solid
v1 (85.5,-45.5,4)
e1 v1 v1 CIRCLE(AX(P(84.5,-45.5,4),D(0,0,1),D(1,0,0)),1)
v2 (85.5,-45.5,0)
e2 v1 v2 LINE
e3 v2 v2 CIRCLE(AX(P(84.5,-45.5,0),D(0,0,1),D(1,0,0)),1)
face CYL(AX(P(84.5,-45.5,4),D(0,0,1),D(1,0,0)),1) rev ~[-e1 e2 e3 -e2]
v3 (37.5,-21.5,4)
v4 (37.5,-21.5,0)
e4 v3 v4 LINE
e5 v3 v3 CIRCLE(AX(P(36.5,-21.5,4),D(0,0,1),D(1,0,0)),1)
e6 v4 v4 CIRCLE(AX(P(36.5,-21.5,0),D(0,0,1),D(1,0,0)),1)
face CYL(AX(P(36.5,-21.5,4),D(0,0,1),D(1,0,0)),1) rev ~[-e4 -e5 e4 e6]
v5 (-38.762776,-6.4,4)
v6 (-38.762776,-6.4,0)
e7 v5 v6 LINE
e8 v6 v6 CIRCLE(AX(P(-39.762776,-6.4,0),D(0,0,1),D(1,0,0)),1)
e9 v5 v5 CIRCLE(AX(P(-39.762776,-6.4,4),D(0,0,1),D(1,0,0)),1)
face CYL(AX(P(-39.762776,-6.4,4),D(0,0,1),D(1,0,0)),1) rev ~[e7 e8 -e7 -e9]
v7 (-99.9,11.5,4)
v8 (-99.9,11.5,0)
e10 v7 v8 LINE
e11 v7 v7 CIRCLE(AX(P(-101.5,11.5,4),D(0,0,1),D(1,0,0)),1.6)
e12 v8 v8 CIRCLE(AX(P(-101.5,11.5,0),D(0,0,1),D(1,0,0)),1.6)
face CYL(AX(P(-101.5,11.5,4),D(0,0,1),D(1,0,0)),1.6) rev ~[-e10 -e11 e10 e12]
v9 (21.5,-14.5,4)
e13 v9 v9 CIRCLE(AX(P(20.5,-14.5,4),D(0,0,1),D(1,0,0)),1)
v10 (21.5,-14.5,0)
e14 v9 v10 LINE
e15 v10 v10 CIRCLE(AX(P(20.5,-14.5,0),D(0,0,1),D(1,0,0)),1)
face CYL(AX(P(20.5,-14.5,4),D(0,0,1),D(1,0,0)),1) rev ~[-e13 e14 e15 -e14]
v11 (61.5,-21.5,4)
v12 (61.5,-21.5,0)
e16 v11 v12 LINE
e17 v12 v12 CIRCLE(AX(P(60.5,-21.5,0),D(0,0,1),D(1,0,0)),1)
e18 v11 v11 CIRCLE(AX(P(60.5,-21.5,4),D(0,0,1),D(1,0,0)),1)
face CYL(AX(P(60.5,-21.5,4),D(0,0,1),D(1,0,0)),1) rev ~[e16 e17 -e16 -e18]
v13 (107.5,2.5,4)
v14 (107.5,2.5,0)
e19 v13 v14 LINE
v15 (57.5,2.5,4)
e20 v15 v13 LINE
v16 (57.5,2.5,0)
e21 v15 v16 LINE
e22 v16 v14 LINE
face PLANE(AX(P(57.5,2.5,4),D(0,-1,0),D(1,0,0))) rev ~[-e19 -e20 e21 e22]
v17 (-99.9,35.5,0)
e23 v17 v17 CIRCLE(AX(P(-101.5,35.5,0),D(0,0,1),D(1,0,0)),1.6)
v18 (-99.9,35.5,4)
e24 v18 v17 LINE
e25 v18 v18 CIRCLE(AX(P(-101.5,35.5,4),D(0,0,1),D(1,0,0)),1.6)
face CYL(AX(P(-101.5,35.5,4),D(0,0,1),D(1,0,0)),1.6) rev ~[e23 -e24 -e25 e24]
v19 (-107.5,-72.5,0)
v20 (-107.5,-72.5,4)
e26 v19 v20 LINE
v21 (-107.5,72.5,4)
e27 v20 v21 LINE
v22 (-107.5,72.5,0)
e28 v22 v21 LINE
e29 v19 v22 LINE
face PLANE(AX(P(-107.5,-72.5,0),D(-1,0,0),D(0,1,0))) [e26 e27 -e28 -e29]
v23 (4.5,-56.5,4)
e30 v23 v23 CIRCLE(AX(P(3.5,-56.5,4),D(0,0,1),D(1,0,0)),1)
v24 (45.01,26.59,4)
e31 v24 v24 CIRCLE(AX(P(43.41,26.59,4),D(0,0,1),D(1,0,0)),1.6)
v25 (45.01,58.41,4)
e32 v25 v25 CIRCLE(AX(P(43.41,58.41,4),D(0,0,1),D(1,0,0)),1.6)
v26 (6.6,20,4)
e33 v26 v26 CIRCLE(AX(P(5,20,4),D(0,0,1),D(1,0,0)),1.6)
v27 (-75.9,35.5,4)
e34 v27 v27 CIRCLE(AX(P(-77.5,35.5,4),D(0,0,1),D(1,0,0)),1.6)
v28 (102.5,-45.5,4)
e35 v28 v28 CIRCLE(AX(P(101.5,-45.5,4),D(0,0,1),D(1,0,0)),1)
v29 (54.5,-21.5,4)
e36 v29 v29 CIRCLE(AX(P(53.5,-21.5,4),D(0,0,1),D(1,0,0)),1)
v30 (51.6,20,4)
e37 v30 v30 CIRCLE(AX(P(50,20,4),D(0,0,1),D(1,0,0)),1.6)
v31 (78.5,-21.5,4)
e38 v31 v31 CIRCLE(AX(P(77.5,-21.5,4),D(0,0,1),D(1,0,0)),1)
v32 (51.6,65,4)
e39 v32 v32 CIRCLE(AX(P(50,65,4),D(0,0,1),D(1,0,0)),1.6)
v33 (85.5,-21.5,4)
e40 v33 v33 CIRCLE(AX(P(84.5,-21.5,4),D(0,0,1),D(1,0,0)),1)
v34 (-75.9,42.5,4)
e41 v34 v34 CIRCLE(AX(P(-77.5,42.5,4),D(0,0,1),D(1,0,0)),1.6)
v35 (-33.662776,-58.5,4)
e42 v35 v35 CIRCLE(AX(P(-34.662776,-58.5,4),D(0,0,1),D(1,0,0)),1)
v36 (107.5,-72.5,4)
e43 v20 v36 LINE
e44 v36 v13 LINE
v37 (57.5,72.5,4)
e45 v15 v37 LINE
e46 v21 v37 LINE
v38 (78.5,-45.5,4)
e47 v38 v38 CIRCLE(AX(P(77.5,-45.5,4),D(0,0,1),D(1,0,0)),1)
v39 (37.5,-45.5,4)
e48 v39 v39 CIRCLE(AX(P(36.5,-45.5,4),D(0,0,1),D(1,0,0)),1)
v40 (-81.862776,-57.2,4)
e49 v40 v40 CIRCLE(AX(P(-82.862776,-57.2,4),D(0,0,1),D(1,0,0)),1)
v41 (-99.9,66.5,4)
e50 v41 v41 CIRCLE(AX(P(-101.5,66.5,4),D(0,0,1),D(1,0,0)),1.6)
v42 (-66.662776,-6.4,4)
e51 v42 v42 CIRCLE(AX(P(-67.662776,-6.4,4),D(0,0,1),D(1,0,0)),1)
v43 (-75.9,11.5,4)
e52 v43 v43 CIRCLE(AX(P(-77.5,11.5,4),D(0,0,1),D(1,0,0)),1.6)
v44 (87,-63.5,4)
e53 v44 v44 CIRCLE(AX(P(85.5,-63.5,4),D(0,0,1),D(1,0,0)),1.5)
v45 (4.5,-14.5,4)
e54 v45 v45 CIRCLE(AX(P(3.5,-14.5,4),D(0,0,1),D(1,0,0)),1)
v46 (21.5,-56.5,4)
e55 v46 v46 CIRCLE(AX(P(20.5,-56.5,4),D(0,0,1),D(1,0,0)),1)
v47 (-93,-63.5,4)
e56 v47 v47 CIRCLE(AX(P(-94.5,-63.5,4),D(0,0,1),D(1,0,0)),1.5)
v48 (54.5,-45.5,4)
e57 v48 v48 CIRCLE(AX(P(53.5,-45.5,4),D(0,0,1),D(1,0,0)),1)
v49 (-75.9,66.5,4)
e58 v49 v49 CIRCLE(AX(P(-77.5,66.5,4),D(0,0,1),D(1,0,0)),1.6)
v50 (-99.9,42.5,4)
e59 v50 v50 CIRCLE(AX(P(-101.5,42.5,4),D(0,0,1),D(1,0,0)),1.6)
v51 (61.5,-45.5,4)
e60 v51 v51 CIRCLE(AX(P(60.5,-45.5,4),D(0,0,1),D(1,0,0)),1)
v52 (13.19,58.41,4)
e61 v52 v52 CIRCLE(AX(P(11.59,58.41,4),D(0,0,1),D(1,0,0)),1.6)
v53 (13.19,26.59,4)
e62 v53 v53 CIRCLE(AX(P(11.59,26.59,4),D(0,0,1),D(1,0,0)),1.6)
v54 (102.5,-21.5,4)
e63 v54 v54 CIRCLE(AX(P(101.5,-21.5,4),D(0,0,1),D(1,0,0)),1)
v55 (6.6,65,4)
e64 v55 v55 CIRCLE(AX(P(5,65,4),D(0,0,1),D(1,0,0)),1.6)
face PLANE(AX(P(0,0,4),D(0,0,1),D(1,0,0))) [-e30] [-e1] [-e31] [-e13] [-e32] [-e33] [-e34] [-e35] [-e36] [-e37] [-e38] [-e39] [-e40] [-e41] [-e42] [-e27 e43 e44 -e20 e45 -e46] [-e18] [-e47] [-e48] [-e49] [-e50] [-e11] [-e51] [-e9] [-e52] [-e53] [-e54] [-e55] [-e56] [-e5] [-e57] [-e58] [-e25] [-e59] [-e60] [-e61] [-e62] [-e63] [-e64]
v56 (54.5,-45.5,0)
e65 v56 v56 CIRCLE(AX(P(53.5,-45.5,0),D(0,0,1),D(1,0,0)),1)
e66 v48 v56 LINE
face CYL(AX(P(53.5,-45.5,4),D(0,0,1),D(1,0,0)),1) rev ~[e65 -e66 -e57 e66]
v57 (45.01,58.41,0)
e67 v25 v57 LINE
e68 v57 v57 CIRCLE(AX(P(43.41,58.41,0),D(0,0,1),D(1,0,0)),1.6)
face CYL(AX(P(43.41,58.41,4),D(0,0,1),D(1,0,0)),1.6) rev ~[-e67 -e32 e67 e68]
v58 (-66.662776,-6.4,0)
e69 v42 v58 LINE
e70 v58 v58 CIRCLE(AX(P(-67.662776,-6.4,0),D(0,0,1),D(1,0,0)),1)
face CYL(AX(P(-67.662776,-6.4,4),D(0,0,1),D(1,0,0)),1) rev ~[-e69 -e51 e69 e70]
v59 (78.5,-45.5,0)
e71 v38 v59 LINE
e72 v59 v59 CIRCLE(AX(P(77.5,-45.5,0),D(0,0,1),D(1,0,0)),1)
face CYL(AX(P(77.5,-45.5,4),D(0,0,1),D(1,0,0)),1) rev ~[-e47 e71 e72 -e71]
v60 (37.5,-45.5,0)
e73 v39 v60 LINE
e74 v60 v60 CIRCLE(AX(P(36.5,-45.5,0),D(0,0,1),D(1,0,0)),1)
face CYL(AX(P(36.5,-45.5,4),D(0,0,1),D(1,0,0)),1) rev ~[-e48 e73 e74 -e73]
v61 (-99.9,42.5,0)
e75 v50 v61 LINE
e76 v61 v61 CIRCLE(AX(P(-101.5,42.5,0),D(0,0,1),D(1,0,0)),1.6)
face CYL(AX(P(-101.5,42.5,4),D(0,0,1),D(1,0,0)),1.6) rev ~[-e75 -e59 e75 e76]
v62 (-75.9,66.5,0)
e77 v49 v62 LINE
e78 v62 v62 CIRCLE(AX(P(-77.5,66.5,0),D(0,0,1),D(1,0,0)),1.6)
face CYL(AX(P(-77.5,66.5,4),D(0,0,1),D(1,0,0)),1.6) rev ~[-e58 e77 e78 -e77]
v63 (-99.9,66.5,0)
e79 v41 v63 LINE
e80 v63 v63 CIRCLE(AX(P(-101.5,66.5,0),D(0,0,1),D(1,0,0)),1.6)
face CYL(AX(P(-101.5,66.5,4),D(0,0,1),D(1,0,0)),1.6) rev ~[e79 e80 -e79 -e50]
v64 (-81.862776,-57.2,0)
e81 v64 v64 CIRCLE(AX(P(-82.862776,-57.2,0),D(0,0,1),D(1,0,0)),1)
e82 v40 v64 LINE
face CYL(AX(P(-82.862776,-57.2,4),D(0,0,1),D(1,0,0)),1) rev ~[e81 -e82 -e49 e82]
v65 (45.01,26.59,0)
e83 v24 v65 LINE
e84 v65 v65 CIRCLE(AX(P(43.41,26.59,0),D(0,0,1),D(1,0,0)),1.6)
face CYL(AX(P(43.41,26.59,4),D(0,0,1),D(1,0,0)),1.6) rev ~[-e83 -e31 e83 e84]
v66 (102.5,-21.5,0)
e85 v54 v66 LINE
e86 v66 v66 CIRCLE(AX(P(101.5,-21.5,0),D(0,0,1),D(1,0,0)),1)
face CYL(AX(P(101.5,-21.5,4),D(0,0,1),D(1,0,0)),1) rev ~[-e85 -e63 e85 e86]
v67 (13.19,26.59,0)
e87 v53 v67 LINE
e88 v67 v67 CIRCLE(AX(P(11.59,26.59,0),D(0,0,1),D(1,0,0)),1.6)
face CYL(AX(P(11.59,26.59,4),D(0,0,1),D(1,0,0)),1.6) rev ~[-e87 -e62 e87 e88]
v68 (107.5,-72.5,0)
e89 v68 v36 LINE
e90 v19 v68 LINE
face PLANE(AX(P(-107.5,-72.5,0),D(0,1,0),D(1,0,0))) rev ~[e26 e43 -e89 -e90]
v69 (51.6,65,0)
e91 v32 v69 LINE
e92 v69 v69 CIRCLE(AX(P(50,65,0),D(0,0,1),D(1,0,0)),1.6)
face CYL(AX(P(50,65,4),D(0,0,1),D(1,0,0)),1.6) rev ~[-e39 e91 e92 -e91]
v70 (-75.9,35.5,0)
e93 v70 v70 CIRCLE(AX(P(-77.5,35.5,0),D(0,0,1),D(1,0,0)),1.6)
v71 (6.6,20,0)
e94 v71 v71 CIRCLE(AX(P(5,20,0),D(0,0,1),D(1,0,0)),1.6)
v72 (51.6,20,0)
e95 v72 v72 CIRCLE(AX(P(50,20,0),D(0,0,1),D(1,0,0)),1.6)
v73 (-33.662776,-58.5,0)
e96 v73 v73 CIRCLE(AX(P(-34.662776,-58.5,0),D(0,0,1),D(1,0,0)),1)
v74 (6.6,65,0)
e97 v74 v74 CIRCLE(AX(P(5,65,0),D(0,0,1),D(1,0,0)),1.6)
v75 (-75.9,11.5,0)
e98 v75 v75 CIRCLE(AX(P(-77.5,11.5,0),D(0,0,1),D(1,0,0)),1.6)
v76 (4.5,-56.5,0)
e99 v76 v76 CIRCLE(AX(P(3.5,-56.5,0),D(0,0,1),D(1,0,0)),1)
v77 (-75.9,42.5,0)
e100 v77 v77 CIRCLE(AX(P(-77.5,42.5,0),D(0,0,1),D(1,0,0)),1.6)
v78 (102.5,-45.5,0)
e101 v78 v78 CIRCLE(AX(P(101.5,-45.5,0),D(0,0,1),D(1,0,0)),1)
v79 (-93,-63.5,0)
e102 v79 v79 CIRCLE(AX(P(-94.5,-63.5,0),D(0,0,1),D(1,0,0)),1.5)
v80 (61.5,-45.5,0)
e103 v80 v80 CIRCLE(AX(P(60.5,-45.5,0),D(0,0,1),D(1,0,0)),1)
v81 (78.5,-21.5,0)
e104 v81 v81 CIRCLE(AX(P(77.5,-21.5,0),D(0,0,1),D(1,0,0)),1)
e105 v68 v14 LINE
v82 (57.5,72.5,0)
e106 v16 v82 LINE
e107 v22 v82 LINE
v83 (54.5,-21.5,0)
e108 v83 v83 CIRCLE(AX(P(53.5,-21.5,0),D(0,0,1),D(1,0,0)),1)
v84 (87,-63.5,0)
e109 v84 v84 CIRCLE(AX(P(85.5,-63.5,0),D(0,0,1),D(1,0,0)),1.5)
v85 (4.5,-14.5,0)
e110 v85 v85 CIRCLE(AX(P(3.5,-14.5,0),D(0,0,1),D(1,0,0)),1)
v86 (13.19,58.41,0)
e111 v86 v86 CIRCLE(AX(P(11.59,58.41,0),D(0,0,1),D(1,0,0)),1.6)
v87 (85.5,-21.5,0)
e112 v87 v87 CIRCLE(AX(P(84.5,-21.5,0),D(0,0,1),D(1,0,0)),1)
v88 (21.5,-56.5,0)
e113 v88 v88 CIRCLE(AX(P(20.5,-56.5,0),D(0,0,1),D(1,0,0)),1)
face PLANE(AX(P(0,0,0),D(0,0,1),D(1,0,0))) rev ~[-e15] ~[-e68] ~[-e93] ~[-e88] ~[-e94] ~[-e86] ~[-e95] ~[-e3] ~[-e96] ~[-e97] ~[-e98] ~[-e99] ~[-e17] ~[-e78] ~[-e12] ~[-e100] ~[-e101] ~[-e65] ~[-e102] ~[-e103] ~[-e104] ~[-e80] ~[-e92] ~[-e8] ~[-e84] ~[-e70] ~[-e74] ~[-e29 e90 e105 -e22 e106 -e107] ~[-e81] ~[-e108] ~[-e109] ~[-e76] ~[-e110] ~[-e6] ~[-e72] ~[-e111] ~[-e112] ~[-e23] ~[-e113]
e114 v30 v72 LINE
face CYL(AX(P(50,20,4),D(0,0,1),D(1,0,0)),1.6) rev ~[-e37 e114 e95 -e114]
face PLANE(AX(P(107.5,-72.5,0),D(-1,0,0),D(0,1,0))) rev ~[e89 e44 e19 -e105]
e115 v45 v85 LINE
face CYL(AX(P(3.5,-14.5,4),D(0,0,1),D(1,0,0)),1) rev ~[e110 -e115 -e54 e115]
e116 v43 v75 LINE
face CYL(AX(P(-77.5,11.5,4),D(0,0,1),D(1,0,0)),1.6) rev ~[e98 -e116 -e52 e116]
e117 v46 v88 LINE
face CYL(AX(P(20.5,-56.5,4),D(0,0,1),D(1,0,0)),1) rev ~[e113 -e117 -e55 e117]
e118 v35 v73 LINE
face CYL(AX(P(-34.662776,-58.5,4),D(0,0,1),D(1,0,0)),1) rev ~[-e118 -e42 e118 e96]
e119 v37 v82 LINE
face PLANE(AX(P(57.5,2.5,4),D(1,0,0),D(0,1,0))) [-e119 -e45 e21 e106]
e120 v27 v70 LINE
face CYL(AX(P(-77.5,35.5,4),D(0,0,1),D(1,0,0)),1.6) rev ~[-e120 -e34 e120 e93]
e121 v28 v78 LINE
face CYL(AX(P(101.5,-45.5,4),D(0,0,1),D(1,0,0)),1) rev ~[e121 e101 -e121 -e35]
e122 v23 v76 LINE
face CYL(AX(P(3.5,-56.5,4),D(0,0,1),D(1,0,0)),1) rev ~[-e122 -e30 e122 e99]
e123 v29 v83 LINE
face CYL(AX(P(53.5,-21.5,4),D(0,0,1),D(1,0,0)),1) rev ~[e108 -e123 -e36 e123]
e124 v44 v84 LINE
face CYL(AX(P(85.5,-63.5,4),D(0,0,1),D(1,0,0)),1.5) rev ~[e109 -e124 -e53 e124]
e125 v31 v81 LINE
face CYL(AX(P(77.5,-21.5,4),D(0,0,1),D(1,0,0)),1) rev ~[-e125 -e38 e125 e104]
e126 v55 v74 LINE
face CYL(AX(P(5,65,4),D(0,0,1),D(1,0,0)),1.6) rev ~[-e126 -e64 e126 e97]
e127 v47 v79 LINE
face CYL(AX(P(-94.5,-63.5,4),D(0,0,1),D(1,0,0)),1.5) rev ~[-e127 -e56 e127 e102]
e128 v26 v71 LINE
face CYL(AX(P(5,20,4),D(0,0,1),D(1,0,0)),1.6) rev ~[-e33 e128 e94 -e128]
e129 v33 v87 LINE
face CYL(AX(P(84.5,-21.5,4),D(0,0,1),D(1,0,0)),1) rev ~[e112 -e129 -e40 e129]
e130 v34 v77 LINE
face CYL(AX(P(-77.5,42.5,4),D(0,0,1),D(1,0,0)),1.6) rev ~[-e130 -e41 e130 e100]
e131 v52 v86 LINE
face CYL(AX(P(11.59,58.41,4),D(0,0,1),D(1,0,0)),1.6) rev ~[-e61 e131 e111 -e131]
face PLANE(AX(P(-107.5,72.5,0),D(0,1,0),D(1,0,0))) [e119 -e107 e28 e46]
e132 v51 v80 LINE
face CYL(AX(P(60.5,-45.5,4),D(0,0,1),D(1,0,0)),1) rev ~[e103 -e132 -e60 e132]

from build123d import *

# Parameters (mm, degrees)
F0_W     = 215
F0_H     = 145
F1_DEPTH = 4
F2_R     = 1.5
F3_DEPTH = 4.001
F4_W     = 50
F4_H     = 70
F5_DEPTH = 4.001
F6_R     = 1.6
F6_R_2   = 1
F7_DEPTH = 4.001


with BuildPart() as f1:
    # F0 (on Top) → F1 (new body)
    with BuildSketch(Plane.XY):
        Rectangle(F0_W, F0_H)
    extrude(amount=F1_DEPTH)

    # F2 (on face) → F3 (cut, through all)
    with BuildSketch(Plane.XY.offset(4)):
        with Locations((-94.5, -63.5)):
            Circle(F2_R)
        with Locations((85.5, -63.5)):
            Circle(F2_R)
    extrude(amount=-F3_DEPTH, mode=Mode.SUBTRACT)

    # F4 (on face) → F5 (cut, through all)
    with BuildSketch(Plane.XY.offset(4)):
        with Locations((82.5, 37.5)):
            Rectangle(F4_W, F4_H)
    extrude(amount=-F5_DEPTH, mode=Mode.SUBTRACT)

    # F6 (on face) → F7 (cut, through all)
    with BuildSketch(Plane.XY.offset(4)):
        with Locations((-101.5, 66.5)):
            Circle(F6_R)
        with Locations((-77.5, 66.5)):
            Circle(F6_R)
        with Locations((-77.5, 42.5)):
            Circle(F6_R)
        with Locations((-101.5, 42.5)):
            Circle(F6_R)
        with Locations((-101.5, 35.5)):
            Circle(F6_R)
        with Locations((-77.5, 35.5)):
            Circle(F6_R)
        with Locations((-77.5, 11.5)):
            Circle(F6_R)
        with Locations((-101.5, 11.5)):
            Circle(F6_R)
        with Locations((101.5, -21.5)):
            Circle(F6_R_2)
        with Locations((84.5, -21.5)):
            Circle(F6_R_2)
        with Locations((101.5, -45.5)):
            Circle(F6_R_2)
        with Locations((84.5, -45.5)):
            Circle(F6_R_2)
        with Locations((77.5, -21.5)):
            Circle(F6_R_2)
        with Locations((60.5, -21.5)):
            Circle(F6_R_2)
        with Locations((77.5, -45.5)):
            Circle(F6_R_2)
        with Locations((60.5, -45.5)):
            Circle(F6_R_2)
        with Locations((53.5, -21.5)):
            Circle(F6_R_2)
        with Locations((36.5, -21.5)):
            Circle(F6_R_2)
        with Locations((53.5, -45.5)):
            Circle(F6_R_2)
        with Locations((36.5, -45.5)):
            Circle(F6_R_2)
        with Locations((43.41, 58.41)):
            Circle(F6_R)
        with Locations((11.59, 58.41)):
            Circle(F6_R)
        with Locations((5, 65)):
            Circle(F6_R)
        with Locations((50, 65)):
            Circle(F6_R)
        with Locations((50, 20)):
            Circle(F6_R)
        with Locations((43.41, 26.59)):
            Circle(F6_R)
        with Locations((11.59, 26.59)):
            Circle(F6_R)
        with Locations((5, 20)):
            Circle(F6_R)
        with Locations((3.5, -14.5)):
            Circle(F6_R_2)
        with Locations((20.5, -14.5)):
            Circle(F6_R_2)
        with Locations((3.5, -56.5)):
            Circle(F6_R_2)
        with Locations((20.5, -56.5)):
            Circle(F6_R_2)
        with Locations((-82.862776, -57.2)):
            Circle(F6_R_2)
        with Locations((-34.662776, -58.5)):
            Circle(F6_R_2)
        with Locations((-39.762776, -6.4)):
            Circle(F6_R_2)
        with Locations((-67.662776, -6.4)):
            Circle(F6_R_2)
    extrude(amount=-F7_DEPTH, mode=Mode.SUBTRACT)


solid = f1.part
